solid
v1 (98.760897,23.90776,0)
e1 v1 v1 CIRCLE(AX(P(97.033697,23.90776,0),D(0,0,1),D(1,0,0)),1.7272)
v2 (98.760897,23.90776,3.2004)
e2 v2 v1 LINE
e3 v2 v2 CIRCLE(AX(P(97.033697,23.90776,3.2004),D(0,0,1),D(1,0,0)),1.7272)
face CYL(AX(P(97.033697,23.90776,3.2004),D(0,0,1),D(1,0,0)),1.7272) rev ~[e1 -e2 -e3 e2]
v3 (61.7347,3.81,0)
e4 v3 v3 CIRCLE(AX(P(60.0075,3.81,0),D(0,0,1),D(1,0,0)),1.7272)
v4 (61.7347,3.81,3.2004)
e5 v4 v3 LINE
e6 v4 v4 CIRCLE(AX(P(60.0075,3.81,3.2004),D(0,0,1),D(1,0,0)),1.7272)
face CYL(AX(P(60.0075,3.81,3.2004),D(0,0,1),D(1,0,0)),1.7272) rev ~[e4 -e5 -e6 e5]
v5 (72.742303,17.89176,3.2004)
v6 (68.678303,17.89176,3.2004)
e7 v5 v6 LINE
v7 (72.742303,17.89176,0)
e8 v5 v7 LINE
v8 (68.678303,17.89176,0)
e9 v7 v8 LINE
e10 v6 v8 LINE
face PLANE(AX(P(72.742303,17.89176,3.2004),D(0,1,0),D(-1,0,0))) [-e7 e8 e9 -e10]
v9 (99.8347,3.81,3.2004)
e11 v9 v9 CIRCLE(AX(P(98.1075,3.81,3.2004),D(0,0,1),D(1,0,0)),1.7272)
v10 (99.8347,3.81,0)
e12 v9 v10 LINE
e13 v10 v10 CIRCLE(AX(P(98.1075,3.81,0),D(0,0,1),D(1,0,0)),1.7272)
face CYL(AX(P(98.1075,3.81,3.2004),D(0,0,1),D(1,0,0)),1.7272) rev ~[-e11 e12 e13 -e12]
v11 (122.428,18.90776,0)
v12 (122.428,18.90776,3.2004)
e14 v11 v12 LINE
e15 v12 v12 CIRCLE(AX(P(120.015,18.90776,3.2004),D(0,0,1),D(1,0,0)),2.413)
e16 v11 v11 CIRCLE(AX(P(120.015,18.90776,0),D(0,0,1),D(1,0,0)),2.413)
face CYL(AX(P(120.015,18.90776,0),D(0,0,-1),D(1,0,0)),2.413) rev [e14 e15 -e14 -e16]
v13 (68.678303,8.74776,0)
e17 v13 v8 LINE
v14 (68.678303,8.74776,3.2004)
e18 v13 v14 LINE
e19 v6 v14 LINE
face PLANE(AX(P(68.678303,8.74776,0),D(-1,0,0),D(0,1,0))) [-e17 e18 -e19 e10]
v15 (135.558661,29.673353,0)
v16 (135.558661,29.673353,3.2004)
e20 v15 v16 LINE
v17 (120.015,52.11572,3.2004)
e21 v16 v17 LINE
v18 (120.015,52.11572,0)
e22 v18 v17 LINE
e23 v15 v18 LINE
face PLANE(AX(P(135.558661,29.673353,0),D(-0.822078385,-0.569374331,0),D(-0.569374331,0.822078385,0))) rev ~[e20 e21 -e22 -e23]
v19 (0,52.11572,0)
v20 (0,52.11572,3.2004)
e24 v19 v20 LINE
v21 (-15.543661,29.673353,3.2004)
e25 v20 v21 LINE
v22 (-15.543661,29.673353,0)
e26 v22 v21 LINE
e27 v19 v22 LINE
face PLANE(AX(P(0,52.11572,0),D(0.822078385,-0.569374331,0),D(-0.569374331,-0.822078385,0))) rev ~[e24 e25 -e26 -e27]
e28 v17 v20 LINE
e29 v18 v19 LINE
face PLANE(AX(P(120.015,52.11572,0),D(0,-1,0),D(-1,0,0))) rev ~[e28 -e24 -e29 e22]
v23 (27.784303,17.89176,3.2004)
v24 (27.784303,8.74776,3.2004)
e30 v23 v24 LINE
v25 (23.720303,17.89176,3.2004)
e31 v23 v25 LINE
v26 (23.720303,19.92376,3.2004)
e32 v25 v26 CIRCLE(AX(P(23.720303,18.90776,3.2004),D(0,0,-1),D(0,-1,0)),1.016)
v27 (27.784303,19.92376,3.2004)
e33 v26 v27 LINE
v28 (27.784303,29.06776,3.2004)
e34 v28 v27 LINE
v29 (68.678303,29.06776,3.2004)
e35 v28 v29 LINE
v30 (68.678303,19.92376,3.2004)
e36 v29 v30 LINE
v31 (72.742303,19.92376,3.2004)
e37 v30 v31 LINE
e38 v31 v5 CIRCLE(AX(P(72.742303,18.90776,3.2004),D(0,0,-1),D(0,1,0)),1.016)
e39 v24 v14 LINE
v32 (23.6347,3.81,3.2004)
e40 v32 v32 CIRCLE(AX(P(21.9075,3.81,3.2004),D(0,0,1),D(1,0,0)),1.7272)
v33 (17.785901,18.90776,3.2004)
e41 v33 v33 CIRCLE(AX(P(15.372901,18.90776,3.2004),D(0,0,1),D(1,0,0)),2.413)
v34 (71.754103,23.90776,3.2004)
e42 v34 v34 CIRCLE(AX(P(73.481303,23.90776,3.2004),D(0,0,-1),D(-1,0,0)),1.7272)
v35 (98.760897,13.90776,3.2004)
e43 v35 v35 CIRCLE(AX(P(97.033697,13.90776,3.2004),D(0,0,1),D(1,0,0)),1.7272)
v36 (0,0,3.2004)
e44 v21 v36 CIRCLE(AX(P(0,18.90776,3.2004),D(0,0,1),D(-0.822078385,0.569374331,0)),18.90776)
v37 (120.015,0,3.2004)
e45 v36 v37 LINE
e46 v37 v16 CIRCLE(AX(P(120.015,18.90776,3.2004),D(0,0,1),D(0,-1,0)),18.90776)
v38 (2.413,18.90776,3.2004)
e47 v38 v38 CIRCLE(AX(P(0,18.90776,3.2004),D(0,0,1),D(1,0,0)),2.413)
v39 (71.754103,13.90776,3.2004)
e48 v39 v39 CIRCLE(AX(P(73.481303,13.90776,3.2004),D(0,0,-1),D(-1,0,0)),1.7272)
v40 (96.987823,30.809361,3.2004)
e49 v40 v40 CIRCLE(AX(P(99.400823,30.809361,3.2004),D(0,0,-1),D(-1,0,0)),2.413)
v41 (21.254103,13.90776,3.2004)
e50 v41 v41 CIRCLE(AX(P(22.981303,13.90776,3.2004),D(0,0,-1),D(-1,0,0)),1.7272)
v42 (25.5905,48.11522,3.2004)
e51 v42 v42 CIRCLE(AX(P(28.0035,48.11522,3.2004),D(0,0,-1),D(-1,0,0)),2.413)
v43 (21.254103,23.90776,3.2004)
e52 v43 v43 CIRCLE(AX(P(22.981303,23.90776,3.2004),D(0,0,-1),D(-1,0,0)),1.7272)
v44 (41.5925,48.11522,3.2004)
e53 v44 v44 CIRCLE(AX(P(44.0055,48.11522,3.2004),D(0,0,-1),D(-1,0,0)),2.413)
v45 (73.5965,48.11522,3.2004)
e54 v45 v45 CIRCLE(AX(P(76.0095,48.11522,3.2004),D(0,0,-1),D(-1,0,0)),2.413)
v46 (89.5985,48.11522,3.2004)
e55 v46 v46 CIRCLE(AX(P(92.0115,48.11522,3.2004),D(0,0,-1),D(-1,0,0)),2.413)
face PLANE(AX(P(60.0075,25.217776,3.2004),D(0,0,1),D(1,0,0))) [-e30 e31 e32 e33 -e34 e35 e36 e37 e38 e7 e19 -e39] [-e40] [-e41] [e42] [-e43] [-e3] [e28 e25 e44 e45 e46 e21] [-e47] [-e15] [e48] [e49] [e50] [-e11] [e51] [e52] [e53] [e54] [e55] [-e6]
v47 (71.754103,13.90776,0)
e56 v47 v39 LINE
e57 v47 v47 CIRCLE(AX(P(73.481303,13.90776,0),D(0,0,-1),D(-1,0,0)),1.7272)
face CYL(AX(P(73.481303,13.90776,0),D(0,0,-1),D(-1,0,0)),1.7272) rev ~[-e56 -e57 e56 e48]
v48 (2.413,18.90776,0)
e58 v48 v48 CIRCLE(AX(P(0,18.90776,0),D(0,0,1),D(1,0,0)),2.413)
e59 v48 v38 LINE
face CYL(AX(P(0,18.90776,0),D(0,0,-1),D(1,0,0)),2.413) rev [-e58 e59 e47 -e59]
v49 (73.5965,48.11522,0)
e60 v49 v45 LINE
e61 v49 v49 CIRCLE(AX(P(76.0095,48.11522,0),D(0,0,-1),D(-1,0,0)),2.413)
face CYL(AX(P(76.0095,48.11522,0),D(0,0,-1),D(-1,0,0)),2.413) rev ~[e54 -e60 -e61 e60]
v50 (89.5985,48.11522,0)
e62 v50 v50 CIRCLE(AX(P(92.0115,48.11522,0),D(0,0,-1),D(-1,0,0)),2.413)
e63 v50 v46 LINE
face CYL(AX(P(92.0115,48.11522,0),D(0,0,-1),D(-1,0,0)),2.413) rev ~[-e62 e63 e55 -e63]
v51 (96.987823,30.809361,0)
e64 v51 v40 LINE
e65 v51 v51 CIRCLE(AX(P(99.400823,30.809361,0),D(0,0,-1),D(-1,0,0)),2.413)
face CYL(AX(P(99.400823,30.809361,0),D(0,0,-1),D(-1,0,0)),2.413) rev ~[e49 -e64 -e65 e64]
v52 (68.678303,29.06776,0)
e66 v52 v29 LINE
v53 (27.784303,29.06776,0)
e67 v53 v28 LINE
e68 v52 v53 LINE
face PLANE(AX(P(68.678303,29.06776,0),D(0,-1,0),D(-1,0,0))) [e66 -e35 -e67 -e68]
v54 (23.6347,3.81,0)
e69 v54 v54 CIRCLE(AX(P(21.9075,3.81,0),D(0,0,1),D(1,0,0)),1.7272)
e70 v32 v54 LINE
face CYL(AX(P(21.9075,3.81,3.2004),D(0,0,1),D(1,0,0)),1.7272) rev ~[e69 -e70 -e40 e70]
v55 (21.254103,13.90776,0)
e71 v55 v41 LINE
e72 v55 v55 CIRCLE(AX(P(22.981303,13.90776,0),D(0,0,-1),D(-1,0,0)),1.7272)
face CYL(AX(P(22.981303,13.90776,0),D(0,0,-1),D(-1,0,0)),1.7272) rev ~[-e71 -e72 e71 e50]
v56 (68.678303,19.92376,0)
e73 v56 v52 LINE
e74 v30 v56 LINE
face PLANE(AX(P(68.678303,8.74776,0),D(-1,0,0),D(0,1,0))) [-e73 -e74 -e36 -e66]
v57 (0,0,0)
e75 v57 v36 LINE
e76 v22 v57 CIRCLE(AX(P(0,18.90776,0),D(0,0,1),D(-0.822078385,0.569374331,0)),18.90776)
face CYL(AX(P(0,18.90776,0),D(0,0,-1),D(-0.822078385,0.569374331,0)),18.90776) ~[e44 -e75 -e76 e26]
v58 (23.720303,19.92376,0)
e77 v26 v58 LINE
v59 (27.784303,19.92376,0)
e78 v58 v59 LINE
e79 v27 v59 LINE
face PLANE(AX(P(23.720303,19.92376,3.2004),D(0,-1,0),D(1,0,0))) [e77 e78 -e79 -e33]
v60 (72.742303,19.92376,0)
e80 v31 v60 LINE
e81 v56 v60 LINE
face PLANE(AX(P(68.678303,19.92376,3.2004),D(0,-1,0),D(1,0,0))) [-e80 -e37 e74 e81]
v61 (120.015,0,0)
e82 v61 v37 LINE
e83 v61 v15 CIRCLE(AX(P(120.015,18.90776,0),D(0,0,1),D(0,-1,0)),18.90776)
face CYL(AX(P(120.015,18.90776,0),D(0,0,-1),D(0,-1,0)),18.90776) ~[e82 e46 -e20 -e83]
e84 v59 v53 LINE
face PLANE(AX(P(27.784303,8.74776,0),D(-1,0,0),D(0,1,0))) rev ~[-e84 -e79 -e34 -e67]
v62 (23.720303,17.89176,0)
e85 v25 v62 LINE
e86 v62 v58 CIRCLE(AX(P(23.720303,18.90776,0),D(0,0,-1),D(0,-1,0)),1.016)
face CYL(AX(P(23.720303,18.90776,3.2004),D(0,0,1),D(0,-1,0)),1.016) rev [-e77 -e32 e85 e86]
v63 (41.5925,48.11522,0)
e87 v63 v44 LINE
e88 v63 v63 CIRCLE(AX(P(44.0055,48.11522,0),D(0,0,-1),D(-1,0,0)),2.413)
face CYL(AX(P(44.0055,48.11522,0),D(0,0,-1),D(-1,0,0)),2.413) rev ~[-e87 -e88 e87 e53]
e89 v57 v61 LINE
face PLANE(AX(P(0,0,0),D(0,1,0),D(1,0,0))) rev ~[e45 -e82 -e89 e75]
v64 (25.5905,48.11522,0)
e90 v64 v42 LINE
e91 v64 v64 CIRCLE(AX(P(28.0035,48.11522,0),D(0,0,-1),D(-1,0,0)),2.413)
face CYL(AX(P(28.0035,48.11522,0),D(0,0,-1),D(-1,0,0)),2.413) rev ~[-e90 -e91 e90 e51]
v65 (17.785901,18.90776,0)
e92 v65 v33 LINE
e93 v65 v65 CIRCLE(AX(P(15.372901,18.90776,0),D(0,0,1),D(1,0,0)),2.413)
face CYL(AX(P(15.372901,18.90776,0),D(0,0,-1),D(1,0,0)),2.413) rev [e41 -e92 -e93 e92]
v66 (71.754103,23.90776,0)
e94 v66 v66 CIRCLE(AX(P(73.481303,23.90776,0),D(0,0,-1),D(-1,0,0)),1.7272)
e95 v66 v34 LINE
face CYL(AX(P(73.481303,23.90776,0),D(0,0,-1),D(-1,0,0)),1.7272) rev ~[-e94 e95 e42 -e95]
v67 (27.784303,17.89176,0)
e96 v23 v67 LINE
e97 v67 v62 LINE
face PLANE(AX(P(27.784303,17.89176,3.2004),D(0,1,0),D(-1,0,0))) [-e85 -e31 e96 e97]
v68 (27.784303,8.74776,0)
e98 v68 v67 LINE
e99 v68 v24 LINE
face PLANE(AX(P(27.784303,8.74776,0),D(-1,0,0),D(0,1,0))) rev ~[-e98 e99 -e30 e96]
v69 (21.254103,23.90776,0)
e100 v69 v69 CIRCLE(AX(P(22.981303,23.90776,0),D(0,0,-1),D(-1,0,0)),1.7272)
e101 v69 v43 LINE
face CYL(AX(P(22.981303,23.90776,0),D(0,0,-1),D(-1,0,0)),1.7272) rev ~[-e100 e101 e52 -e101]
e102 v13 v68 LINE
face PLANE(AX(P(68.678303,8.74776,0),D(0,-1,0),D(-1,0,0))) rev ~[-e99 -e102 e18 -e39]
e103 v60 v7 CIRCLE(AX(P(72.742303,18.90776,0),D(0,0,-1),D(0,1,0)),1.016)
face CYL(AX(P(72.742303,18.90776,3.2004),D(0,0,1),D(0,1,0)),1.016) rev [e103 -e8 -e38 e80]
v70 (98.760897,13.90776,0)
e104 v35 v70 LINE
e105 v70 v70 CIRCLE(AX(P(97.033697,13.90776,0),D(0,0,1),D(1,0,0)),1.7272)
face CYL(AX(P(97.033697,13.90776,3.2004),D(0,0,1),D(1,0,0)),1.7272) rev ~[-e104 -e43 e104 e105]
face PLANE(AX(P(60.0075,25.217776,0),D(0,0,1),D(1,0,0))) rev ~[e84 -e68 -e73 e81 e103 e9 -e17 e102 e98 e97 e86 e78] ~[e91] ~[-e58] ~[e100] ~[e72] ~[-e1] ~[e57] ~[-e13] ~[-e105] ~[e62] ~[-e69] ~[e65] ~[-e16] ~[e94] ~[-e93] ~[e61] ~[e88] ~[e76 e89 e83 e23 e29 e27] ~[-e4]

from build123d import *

# Parameters (mm, degrees)
SKETCH1_R           = 2.413
BOSS_EXTRUDE1_DEPTH = 3.2004
SKETCH2_R           = 2.413
CUT_EXTRUDE1_DEPTH  = 3.2004
SKETCH5_R           = 1.7272
SKETCH5_W           = 40.894
SKETCH5_H           = 20.32
CUT_EXTRUDE3_DEPTH  = 149.410997158
SKETCH6_R           = 1.7272
CUT_EXTRUDE4_DEPTH  = 3.2004
SKETCH7_R           = 2.413
CUT_EXTRUDE5_DEPTH  = 3.2004
SKETCH8_R           = 1.7272
CUT_EXTRUDE6_DEPTH  = 3.2004


with BuildPart() as part:
    # Sketch1 → Boss-Extrude1 (new body)
    with BuildSketch(Plane.XY):
        with BuildLine():
            Line((120.015, 52.11572), (0, 52.11572))
            Line((0, 52.11572), (-15.54366081, 29.673353196))
            ThreePointArc((-15.54366081, 29.673353196), (-16.74897968, 10.134216365), (0, 0))
            Line((0, 0), (120.015, 0))
            ThreePointArc((120.015, 0), (136.76397968, 10.134216365), (135.55866081, 29.673353196))
            Line((135.55866081, 29.673353196), (120.015, 52.11572))
        make_face()
        with Locations((120.015, 18.90776)):
            Circle(SKETCH1_R, mode=Mode.SUBTRACT)
        with Locations((0, 18.90776)):
            Circle(SKETCH1_R, mode=Mode.SUBTRACT)
        with Locations((15.37290121, 18.90776)):
            Circle(SKETCH1_R, mode=Mode.SUBTRACT)
    extrude(amount=BOSS_EXTRUDE1_DEPTH)

    # Sketch2 → Cut-Extrude1 (cut)
    with BuildSketch(Plane(origin=(0, 0, 0), x_dir=(-1, 0, 0), z_dir=(0, 0, -1))):
        with Locations((-92.0115, 48.11522)):
            Circle(SKETCH2_R)
        with Locations((-76.0095, 48.11522)):
            Circle(SKETCH2_R)
        with Locations((-44.0055, 48.11522)):
            Circle(SKETCH2_R)
        with Locations((-28.0035, 48.11522)):
            Circle(SKETCH2_R)
    extrude(amount=-CUT_EXTRUDE1_DEPTH, mode=Mode.SUBTRACT)

    # Sketch5 → Cut-Extrude3 (cut, through all)
    with BuildSketch(Plane(origin=(0, 0, 0), x_dir=(-1, 0, 0), z_dir=(0, 0, -1))):
        with Locations((-73.48130308, 23.90776)):
            Circle(SKETCH5_R)
        with Locations((-22.98130308, 13.90776)):
            Circle(SKETCH5_R)
        with Locations((-22.98130308, 23.90776)):
            Circle(SKETCH5_R)
        with Locations((-73.48130308, 13.90776)):
            Circle(SKETCH5_R)
        with Locations((-48.23130308, 18.90776)):
            Rectangle(SKETCH5_W, SKETCH5_H)
    extrude(amount=-CUT_EXTRUDE3_DEPTH, mode=Mode.SUBTRACT)

    # Sketch6 → Cut-Extrude4 (cut)
    with BuildSketch(Plane.XY.offset(3.2004)):
        with Locations((97.03369692, 23.90776)):
            Circle(SKETCH6_R)
        with Locations((97.03369692, 13.90776)):
            Circle(SKETCH6_R)
        with BuildLine():
            Line((23.72030308, 19.92376), (27.78430308, 19.92376))
            Line((27.78430308, 19.92376), (27.78430308, 17.89176))
            Line((27.78430308, 17.89176), (23.72030308, 17.89176))
            ThreePointArc((23.72030308, 17.89176), (22.70430308, 18.90776), (23.72030308, 19.92376))
        make_face()
        with BuildLine():
            Line((68.67830308, 19.92376), (72.74230308, 19.92376))
            ThreePointArc((72.74230308, 19.92376), (73.75830308, 18.90776), (72.74230308, 17.89176))
            Line((72.74230308, 17.89176), (68.67830308, 17.89176))
            Line((68.67830308, 17.89176), (68.67830308, 19.92376))
        make_face()
    extrude(amount=-CUT_EXTRUDE4_DEPTH, mode=Mode.SUBTRACT)

    # Sketch7 → Cut-Extrude5 (cut)
    with BuildSketch(Plane(origin=(0, 0, 0), x_dir=(-1, 0, 0), z_dir=(0, 0, -1))):
        with Locations((-99.400822531, 30.809360911)):
            Circle(SKETCH7_R)
    extrude(amount=-CUT_EXTRUDE5_DEPTH, mode=Mode.SUBTRACT)

    # Sketch8 → Cut-Extrude6 (cut)
    with BuildSketch(Plane.XY.offset(3.2004)):
        with Locations((21.9075, 3.81)):
            Circle(SKETCH8_R)
        with Locations((60.0075, 3.81)):
            Circle(SKETCH8_R)
        with Locations((98.1075, 3.81)):
            Circle(SKETCH8_R)
    extrude(amount=-CUT_EXTRUDE6_DEPTH, mode=Mode.SUBTRACT)


solid = part.part
